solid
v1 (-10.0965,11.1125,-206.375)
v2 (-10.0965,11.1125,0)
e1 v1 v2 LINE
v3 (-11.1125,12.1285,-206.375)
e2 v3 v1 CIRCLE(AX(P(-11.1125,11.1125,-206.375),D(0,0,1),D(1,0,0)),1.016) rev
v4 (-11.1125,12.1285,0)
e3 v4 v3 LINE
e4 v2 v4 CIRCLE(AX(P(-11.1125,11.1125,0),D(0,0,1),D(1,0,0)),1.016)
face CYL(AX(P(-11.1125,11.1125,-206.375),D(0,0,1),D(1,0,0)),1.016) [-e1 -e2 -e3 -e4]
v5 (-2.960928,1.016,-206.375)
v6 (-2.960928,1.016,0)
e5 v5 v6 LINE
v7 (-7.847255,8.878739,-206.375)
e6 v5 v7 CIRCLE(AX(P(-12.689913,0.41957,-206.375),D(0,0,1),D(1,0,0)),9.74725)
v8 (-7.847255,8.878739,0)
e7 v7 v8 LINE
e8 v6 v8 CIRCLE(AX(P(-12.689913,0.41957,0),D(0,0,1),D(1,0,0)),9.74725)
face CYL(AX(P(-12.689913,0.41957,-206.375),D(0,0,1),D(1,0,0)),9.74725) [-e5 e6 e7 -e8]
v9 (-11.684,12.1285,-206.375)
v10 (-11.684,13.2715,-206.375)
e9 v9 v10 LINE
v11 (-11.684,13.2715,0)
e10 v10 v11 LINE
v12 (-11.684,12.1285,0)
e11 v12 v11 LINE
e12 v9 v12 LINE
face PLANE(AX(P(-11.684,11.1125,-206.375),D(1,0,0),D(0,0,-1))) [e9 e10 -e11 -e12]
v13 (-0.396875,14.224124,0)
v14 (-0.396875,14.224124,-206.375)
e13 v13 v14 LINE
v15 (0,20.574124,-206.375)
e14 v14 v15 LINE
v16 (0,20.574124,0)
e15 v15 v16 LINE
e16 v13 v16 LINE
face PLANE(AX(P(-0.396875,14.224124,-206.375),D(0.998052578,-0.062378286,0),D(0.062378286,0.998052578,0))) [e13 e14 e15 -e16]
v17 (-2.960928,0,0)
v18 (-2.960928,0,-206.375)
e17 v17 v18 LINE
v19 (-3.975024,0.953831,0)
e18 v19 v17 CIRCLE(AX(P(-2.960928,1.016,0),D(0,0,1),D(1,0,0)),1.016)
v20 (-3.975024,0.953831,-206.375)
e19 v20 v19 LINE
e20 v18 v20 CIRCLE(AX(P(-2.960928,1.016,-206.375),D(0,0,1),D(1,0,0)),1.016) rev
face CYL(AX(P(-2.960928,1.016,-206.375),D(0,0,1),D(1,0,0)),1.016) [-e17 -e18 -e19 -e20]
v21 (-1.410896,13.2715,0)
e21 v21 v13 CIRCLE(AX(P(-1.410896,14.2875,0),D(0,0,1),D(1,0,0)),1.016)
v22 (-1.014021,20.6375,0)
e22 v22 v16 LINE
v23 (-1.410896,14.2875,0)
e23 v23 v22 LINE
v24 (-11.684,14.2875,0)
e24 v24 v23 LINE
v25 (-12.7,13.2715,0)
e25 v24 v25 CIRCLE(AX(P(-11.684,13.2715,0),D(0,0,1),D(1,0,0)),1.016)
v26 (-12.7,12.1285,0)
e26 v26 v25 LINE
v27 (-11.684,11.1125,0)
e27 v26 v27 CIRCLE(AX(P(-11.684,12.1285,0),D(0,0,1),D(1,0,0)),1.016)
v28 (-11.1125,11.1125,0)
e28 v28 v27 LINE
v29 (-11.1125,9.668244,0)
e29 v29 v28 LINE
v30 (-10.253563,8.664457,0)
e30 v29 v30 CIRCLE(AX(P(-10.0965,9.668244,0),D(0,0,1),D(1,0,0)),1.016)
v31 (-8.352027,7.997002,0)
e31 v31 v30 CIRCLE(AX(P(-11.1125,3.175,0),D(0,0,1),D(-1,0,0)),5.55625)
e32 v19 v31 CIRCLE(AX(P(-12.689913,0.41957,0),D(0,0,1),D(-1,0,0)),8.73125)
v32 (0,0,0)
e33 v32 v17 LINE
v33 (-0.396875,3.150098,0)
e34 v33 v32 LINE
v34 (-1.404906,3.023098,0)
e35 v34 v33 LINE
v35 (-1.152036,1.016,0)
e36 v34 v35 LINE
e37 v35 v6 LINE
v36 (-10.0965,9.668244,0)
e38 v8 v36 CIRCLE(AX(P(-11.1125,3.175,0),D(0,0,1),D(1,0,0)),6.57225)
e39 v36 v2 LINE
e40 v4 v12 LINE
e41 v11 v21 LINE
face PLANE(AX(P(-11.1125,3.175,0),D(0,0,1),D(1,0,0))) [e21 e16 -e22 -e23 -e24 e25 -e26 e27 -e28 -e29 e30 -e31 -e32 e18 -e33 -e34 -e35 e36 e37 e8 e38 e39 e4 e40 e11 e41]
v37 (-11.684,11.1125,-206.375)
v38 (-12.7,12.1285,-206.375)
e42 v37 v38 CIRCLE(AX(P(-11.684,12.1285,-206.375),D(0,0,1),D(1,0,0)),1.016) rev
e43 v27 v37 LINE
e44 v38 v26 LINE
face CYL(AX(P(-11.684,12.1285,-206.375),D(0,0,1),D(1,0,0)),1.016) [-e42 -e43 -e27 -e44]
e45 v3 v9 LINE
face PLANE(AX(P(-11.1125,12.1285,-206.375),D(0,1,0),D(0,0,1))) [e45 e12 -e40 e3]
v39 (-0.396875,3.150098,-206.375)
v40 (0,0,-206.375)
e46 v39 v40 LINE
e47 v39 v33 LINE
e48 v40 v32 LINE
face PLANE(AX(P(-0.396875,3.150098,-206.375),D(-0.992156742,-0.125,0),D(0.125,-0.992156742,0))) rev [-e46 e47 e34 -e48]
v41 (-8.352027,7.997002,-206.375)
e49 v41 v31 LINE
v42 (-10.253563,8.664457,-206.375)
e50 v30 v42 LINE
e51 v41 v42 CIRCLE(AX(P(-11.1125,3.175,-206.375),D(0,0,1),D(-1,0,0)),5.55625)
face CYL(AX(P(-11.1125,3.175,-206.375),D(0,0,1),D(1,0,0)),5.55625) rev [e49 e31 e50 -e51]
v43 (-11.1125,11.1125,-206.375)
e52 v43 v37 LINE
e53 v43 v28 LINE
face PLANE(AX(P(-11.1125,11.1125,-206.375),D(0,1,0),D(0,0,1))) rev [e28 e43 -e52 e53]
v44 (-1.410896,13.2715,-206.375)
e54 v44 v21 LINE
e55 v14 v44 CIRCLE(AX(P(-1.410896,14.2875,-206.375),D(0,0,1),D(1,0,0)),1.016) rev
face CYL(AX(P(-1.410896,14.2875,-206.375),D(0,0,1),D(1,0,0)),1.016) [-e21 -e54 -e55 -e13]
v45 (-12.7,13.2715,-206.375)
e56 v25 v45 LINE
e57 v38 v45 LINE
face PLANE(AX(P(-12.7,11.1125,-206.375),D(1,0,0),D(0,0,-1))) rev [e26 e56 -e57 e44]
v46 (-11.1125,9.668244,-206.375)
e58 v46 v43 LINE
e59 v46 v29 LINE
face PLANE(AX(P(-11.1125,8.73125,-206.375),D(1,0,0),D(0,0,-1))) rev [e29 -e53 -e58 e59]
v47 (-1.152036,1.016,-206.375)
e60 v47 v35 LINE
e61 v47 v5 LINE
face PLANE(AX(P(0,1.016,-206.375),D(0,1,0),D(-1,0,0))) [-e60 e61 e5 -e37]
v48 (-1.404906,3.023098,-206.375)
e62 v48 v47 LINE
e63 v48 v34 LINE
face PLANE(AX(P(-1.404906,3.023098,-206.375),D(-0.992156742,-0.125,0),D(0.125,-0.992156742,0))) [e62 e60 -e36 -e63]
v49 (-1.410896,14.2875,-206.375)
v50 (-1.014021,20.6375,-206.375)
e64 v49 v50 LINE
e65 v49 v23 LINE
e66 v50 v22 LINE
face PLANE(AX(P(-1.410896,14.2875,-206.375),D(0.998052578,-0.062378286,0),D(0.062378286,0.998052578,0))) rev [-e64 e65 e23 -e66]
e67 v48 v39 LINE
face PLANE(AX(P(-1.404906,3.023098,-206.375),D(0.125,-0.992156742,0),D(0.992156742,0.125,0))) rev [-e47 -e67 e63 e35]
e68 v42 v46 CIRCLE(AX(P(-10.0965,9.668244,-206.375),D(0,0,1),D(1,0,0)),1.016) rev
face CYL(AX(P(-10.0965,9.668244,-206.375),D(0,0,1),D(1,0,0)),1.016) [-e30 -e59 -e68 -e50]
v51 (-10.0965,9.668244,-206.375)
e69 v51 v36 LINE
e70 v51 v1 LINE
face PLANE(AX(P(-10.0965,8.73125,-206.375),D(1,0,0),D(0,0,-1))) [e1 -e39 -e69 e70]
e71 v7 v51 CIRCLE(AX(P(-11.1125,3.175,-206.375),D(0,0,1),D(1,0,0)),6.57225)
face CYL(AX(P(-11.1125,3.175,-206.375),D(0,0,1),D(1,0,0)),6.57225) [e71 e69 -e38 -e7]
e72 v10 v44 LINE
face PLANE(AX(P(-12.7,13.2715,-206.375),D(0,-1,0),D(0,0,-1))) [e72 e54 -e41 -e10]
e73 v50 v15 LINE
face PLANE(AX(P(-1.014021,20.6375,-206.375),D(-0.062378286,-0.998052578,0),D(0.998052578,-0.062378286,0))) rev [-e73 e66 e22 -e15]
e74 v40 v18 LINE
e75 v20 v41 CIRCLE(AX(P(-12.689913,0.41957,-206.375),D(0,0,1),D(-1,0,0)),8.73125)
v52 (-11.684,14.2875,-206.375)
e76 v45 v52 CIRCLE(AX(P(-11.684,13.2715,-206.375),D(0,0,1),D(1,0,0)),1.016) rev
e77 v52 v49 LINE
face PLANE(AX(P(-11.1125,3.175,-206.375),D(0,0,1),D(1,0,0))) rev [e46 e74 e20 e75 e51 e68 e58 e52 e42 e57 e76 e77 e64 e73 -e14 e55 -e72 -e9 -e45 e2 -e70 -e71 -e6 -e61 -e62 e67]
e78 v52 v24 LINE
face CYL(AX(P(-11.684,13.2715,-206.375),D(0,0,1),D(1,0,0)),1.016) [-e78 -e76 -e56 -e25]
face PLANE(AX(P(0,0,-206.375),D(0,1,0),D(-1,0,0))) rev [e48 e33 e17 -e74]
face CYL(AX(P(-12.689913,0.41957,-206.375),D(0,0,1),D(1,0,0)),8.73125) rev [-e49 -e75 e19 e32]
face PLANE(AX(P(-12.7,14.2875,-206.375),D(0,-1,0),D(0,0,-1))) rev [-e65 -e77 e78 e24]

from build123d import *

# Parameters (mm, degrees)
EXTRUDE_THIN1_DEPTH = 206.375
FILLET1_R           = 1.016


with BuildPart() as part:
    # Sketch1 → Extrude-Thin1 (new body)
    with BuildSketch(Plane.XY):
        with BuildLine():
            Line((-0.396875, 3.150097655), (0, 0))
            Line((0, 0), (-3.96875, 0))
            ThreePointArc((-3.96875, 0), (-5.03336677, 4.616238484), (-8.352026926, 7.997001915))
            ThreePointArc((-8.352026926, 7.997001915), (-9.684272791, 8.544551294), (-11.1125, 8.73125))
            Line((-11.1125, 8.73125), (-11.1125, 11.1125))
            Line((-11.1125, 11.1125), (-12.7, 11.1125))
            Line((-12.7, 11.1125), (-12.7, 14.2875))
            Line((-12.7, 14.2875), (-1.41089642, 14.2875))
            Line((-1.41089642, 14.2875), (-1.01402142, 20.6375))
            Line((-1.01402142, 20.6375), (0, 20.574123661))
            Line((0, 20.574123661), (-0.456413979, 13.2715))
            Line((-0.456413979, 13.2715), (-11.684, 13.2715))
            Line((-11.684, 13.2715), (-11.684, 12.1285))
            Line((-11.684, 12.1285), (-10.0965, 12.1285))
            Line((-10.0965, 12.1285), (-10.0965, 9.668243724))
            ThreePointArc((-10.0965, 9.668243724), (-8.935783532, 9.376320463), (-7.847254707, 8.878739409))
            ThreePointArc((-7.847254707, 8.878739409), (-4.411092734, 5.564472131), (-2.960927924, 1.016))
            Line((-2.960927924, 1.016), (-1.152035714, 1.016))
            Line((-1.152035714, 1.016), (-1.40490625, 3.023097655))
            Line((-1.40490625, 3.023097655), (-0.396875, 3.150097655))
        make_face()
    extrude(amount=-EXTRUDE_THIN1_DEPTH)

    # Fillet1
    fillet1_edges = [part.edges().sort_by_distance(p)[0] for p in [
        (-0.456413979, 13.2715, -103.1875),
        (-10.0965, 12.1285, -103.1875),
        (-3.96875, 0, -103.1875),
        (-11.1125, 8.73125, -103.1875),
        (-12.7, 11.1125, -103.1875),
        (-12.7, 14.2875, -103.1875),
    ]]
    fillet(fillet1_edges, radius=FILLET1_R)


solid = part.part
